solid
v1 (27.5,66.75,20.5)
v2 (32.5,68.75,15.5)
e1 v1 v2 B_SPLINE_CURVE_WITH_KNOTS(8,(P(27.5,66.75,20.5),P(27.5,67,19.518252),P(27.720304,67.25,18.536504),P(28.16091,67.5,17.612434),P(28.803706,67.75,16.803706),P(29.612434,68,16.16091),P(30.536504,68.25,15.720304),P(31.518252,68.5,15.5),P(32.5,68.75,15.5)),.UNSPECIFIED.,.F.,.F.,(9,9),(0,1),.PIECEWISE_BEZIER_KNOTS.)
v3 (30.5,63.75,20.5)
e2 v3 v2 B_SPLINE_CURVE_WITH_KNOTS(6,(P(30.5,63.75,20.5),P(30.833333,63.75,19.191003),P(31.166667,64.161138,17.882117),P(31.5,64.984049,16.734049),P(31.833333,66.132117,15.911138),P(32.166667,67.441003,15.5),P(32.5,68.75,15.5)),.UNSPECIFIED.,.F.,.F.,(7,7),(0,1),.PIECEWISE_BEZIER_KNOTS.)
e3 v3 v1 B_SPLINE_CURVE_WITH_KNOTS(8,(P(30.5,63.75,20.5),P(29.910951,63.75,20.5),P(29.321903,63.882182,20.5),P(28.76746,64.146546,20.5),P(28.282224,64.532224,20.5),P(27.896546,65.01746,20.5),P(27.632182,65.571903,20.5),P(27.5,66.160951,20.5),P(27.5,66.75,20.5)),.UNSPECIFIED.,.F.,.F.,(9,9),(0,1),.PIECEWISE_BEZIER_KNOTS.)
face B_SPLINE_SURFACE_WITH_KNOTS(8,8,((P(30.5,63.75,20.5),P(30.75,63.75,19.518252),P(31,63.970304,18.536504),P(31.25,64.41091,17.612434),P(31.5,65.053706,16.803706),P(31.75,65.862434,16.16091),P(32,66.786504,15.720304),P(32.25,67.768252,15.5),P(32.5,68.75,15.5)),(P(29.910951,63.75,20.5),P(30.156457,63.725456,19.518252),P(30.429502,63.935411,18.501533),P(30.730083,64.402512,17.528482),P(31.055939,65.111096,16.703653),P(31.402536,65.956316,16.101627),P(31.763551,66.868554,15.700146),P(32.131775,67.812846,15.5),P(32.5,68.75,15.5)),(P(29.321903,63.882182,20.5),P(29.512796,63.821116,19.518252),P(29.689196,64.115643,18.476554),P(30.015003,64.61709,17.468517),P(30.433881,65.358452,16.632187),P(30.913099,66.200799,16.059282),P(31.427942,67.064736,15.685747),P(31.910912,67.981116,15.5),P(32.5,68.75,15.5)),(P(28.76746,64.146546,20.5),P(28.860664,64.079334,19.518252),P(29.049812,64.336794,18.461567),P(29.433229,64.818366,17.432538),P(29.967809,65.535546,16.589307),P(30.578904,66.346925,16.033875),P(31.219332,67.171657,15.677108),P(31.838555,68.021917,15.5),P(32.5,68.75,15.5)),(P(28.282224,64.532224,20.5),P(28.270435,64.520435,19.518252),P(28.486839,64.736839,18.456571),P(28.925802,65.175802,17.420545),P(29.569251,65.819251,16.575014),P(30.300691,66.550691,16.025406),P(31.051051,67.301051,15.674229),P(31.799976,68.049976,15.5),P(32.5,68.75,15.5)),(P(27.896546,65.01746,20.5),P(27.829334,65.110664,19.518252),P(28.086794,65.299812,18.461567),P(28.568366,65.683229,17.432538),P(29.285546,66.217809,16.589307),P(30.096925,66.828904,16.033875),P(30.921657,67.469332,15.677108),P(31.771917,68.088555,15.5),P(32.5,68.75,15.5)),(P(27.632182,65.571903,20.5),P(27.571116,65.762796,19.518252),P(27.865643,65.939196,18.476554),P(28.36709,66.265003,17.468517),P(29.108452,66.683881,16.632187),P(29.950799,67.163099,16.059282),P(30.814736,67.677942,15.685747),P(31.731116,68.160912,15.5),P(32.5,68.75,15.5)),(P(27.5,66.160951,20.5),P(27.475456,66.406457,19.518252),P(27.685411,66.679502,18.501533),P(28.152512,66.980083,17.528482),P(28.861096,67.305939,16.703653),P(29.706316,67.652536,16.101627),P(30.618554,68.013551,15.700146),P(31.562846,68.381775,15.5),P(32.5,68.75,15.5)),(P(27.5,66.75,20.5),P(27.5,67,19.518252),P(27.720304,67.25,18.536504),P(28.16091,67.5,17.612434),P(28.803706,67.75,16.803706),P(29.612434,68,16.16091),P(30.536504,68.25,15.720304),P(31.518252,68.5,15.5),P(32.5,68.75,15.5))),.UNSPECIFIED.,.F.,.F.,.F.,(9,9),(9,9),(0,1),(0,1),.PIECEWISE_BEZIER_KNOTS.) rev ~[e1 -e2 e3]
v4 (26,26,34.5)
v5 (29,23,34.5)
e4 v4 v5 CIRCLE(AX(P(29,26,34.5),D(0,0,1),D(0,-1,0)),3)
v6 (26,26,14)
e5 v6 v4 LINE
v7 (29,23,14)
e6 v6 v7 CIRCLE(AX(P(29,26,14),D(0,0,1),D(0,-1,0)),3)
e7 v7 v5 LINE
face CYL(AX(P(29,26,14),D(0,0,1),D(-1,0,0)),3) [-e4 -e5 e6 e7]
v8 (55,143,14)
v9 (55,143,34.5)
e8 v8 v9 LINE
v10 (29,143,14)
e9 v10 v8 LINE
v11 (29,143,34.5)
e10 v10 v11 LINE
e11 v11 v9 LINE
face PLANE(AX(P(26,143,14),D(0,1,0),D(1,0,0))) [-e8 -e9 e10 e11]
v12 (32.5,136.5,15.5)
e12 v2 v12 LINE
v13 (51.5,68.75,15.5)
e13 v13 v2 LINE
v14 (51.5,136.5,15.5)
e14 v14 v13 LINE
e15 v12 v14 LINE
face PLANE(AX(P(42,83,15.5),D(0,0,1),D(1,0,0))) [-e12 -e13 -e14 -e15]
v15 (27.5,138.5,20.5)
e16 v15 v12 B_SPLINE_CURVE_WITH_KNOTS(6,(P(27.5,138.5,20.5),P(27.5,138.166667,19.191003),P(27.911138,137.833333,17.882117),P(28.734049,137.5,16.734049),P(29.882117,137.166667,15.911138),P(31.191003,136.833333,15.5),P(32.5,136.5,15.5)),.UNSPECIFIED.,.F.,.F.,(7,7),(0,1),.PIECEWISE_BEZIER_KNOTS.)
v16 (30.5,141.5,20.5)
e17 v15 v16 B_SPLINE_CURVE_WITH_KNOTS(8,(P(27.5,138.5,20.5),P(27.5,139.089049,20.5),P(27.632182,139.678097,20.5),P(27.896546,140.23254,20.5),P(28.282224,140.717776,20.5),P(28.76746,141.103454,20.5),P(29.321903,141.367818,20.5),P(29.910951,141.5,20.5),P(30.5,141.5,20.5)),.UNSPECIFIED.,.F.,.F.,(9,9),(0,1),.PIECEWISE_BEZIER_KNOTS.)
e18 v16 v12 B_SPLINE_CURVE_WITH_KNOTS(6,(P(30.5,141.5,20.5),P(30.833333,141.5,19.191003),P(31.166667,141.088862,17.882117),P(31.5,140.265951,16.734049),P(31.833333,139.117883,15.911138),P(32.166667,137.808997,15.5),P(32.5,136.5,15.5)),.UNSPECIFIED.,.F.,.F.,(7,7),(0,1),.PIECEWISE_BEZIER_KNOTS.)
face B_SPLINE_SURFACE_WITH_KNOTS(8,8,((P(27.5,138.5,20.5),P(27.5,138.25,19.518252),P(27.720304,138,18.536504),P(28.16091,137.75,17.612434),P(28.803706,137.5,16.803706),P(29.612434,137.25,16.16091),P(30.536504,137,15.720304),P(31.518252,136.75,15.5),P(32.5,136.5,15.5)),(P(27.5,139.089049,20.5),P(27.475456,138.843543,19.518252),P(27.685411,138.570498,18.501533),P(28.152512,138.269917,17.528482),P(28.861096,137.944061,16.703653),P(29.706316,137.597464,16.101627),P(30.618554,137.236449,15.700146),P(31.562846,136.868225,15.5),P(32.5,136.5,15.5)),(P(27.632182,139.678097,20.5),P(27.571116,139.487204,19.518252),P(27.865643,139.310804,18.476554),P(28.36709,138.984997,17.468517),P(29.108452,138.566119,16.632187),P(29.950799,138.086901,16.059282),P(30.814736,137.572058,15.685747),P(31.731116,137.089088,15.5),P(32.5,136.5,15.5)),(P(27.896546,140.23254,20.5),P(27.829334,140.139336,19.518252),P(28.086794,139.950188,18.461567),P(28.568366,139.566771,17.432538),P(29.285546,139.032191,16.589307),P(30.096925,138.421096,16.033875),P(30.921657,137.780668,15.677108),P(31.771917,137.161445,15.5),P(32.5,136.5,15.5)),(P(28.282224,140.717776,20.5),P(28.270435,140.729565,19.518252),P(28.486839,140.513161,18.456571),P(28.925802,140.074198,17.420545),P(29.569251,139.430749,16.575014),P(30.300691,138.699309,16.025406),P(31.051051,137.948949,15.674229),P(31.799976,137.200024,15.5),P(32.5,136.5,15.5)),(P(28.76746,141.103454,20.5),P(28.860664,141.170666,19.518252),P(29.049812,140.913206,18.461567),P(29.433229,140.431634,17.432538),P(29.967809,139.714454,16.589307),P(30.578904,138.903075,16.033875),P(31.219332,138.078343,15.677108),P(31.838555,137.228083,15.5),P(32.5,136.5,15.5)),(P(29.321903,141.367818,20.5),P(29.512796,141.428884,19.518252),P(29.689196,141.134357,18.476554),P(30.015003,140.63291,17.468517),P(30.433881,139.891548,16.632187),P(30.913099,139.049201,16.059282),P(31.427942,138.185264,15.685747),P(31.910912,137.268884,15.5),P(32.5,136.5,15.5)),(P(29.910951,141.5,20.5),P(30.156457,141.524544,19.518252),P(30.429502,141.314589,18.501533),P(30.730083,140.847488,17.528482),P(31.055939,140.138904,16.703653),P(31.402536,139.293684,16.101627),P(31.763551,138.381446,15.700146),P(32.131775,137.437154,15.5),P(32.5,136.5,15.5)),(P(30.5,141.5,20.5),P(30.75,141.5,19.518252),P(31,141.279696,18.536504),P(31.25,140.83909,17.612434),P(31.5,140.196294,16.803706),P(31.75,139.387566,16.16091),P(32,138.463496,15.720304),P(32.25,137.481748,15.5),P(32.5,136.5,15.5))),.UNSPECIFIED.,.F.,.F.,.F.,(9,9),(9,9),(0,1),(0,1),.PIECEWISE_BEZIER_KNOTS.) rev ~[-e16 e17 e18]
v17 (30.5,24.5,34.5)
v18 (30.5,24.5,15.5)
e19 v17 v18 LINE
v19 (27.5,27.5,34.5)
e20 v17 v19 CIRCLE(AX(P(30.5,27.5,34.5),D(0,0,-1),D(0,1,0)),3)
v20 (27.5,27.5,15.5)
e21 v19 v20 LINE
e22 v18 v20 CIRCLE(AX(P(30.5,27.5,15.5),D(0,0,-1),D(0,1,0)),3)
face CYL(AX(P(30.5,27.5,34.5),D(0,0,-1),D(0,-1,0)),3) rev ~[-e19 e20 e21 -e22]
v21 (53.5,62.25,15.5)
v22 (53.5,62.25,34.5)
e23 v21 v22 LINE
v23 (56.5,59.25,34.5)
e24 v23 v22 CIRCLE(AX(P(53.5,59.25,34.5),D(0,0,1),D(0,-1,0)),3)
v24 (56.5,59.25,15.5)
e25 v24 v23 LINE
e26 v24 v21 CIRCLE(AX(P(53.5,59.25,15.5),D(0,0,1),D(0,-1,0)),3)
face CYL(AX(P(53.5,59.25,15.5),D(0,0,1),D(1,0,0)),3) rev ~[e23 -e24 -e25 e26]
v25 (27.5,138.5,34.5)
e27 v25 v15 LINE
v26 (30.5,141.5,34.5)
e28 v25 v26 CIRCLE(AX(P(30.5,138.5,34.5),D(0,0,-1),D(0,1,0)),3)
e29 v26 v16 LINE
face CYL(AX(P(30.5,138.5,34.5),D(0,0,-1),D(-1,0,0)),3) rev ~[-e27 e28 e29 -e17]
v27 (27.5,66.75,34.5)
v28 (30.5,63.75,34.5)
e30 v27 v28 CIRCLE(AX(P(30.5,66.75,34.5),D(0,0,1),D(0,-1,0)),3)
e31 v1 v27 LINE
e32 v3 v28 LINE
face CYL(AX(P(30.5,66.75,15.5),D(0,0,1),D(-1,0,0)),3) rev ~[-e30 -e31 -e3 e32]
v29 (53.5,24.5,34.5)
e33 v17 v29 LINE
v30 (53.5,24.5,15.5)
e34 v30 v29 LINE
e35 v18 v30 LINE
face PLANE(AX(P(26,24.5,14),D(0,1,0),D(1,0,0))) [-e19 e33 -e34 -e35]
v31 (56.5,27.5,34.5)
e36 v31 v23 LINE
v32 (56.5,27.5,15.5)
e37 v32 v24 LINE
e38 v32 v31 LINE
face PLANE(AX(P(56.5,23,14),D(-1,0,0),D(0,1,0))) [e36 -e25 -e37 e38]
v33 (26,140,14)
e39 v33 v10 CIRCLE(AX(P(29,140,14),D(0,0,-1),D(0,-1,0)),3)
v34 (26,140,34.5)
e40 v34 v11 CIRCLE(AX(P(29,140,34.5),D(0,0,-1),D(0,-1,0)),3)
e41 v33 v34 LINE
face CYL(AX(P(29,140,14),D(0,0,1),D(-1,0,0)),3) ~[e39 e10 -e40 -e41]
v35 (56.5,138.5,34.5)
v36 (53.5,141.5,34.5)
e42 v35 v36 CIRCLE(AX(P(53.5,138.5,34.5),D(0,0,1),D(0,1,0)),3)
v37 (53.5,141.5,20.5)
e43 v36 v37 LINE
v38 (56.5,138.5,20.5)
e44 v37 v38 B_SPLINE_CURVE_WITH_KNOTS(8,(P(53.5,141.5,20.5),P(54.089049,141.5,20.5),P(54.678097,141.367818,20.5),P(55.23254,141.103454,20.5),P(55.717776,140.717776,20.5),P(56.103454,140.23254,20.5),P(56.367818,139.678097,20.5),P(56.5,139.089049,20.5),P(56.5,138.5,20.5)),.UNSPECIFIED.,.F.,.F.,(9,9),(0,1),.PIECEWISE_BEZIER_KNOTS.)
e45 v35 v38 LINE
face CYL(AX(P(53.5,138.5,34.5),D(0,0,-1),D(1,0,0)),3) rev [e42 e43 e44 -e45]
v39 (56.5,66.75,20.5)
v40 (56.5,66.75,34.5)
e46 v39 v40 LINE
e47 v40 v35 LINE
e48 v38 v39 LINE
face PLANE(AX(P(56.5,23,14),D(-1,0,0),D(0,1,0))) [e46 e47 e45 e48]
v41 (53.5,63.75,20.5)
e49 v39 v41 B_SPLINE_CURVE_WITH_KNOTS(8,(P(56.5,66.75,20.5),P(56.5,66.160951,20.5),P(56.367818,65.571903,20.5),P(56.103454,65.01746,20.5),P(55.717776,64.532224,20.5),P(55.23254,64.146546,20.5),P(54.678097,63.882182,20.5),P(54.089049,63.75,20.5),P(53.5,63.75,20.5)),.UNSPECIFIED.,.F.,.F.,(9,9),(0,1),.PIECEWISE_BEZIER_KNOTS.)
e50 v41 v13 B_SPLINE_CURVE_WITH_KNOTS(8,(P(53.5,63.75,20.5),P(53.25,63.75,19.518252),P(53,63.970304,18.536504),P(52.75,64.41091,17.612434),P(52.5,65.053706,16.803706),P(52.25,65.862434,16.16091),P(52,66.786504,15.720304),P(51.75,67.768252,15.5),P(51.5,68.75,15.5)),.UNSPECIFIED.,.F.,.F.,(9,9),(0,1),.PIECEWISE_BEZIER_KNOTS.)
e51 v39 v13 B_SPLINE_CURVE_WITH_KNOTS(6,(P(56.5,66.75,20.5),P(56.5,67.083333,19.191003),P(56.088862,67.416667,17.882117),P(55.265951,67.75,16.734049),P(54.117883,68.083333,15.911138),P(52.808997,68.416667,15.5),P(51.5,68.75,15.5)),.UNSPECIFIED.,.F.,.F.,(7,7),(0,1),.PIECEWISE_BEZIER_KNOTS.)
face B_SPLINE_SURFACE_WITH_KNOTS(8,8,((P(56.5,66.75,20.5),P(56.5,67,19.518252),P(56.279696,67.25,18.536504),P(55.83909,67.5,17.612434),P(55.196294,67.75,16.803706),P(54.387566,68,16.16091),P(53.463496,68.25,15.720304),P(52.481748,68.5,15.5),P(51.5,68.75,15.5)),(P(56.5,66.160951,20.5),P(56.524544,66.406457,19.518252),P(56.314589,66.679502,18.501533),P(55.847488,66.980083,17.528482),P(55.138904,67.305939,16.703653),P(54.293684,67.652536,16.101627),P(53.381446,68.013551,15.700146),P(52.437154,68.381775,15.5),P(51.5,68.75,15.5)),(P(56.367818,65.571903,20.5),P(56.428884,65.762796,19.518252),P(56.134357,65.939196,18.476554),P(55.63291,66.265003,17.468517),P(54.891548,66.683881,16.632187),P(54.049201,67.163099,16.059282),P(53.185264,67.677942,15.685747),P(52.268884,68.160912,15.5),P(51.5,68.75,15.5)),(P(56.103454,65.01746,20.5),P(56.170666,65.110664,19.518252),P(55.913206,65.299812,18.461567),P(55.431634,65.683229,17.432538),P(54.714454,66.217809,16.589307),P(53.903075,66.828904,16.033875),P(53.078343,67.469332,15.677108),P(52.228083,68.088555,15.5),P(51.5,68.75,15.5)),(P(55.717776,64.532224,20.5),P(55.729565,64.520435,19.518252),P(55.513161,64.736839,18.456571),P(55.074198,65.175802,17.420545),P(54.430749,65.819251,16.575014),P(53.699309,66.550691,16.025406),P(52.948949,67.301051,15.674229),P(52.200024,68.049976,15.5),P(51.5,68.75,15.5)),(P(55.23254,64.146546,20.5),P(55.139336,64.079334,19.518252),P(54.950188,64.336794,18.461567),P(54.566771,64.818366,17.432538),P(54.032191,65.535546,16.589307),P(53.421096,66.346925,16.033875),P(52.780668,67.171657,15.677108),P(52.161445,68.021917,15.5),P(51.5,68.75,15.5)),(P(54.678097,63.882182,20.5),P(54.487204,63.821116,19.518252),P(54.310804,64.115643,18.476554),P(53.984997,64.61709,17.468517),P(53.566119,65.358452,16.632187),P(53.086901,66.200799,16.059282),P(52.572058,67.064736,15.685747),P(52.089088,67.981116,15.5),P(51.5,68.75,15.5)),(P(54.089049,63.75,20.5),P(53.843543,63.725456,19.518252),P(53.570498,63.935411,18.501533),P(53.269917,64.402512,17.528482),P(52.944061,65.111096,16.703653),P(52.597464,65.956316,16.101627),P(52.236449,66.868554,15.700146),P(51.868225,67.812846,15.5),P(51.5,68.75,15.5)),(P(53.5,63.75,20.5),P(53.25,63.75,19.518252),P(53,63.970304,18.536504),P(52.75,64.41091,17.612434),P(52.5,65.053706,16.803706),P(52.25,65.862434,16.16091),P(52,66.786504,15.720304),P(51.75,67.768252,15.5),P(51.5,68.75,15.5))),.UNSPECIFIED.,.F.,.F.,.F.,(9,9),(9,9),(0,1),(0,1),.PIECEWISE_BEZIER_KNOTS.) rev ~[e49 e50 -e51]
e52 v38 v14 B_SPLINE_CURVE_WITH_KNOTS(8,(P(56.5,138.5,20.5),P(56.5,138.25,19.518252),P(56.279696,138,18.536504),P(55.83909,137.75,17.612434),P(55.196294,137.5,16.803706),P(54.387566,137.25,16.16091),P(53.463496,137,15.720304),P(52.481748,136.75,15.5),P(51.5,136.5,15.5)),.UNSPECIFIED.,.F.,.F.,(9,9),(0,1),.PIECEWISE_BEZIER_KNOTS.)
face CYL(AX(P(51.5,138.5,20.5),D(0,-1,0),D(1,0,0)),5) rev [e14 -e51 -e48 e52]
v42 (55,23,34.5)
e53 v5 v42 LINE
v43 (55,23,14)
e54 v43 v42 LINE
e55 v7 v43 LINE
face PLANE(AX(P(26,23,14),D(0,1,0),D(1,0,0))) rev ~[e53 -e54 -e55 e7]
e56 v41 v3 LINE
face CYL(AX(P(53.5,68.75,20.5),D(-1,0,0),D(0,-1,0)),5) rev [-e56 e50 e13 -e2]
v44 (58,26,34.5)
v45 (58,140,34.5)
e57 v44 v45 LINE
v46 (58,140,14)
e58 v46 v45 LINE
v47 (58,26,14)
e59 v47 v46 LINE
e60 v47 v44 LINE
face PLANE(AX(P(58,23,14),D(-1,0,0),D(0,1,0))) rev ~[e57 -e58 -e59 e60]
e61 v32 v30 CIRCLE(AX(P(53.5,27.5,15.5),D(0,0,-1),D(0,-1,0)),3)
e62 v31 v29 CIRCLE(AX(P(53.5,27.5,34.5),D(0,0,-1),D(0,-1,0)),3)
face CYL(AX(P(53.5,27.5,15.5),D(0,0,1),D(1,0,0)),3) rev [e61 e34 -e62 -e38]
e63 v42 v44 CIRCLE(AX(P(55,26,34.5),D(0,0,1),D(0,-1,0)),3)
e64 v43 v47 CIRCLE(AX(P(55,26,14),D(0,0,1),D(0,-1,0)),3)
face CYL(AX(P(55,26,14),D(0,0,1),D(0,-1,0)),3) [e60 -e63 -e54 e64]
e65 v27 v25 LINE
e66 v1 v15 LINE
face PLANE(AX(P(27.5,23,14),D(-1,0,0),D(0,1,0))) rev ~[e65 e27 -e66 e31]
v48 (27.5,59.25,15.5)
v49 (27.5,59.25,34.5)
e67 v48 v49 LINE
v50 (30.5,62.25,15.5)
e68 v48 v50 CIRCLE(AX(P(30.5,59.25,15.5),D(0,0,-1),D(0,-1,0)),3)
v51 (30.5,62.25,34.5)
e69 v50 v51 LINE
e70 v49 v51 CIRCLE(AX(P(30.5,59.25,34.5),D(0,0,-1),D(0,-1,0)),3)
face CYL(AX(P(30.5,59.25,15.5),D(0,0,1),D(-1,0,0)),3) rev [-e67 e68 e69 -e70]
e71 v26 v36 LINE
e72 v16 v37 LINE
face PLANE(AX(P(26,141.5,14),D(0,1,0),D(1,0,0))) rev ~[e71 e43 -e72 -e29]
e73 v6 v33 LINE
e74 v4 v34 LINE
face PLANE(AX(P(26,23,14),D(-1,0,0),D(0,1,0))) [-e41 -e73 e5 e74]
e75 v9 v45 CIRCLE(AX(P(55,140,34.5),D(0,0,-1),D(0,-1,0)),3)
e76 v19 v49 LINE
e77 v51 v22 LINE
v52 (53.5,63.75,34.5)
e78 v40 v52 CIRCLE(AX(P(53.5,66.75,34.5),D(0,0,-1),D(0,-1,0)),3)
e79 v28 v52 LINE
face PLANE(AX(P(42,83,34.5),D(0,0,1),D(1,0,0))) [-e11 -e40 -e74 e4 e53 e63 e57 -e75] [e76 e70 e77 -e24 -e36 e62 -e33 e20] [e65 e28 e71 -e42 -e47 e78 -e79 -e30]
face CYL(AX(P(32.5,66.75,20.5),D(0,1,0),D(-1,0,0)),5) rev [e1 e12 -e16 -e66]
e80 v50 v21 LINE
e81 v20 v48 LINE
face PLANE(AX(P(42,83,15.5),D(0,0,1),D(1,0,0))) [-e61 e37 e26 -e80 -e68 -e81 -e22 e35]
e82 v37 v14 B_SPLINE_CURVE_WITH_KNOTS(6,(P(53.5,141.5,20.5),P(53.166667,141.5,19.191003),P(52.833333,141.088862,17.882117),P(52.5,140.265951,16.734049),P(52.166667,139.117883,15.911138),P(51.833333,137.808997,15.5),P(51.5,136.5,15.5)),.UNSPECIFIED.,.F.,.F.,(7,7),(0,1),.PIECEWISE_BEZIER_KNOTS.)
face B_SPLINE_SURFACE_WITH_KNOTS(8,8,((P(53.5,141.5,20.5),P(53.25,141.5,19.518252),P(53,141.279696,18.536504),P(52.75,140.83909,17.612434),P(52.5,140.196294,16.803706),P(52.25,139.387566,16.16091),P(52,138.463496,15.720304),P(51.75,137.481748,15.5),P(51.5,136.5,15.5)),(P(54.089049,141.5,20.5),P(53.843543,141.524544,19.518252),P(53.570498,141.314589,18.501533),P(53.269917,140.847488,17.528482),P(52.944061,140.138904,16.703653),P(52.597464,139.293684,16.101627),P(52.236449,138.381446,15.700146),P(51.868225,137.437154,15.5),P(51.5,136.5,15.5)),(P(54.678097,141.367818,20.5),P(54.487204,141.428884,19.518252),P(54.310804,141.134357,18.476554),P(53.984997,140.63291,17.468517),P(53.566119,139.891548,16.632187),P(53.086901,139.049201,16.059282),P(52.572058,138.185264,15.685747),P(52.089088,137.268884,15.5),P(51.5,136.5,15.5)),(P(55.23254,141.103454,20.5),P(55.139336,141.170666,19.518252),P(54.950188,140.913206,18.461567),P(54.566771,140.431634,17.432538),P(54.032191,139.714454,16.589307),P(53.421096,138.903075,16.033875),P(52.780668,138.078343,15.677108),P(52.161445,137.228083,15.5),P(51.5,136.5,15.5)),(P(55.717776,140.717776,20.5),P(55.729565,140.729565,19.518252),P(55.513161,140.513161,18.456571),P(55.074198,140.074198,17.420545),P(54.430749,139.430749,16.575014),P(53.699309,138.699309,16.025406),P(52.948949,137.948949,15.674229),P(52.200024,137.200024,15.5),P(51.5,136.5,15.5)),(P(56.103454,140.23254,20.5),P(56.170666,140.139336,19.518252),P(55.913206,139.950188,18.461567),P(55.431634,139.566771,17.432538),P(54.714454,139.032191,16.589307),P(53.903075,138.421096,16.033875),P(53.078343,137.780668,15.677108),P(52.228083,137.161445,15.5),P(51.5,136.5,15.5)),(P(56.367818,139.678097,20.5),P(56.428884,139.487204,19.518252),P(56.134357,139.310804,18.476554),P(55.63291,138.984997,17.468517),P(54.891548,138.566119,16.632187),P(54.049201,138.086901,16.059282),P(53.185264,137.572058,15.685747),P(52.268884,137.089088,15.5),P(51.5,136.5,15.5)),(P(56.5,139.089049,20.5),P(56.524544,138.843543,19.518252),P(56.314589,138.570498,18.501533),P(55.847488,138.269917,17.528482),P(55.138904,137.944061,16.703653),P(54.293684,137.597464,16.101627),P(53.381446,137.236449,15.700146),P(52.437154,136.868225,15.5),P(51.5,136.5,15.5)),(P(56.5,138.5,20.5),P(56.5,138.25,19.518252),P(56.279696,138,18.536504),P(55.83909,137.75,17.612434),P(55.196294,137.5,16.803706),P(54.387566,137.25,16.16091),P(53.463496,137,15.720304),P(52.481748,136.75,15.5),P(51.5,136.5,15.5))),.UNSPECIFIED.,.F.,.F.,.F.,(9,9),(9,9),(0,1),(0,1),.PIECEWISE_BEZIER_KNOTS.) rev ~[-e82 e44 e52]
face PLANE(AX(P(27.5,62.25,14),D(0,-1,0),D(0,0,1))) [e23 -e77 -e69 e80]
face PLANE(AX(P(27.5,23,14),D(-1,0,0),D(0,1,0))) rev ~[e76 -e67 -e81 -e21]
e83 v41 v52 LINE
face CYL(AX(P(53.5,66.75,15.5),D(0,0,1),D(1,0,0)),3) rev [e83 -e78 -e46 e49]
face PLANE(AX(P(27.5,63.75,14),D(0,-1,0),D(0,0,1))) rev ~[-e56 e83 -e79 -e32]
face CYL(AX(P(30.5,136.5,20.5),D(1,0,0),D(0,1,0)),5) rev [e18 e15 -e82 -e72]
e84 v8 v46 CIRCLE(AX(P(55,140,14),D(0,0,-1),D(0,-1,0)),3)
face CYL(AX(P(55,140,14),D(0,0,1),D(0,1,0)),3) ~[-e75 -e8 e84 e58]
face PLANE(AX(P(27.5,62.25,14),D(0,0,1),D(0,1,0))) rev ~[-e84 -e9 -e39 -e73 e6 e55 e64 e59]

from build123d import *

# Parameters (mm, degrees)
SKETCH012_W    = 32
SKETCH012_H    = 120
PAD005_DEPTH   = 20.5
THICKNESS001_T = -1.5
SKETCH013_W    = 1.5
SKETCH013_H    = 20.5
PAD006_DEPTH   = 29
FILLET007_R    = 3
FILLET008_R    = 5


with BuildPart() as part:
    # Sketch012 → Pad005 (new body)
    with BuildSketch(Plane.XY):
        Rectangle(SKETCH012_W, SKETCH012_H)
    extrude(amount=PAD005_DEPTH)

    # Thickness001
    thickness001_openings = [part.faces().sort_by_distance(p)[0] for p in [
        (0, 0, 20.5),
    ]]
    offset(amount=THICKNESS001_T, openings=thickness001_openings)

    # Sketch013 (on DatumPlane) → Pad006 (join)
    with BuildSketch(Plane(origin=(-14.5, -20, 0), x_dir=(0, 1, 0), z_dir=(1, 0, 0))):
        with Locations((0, 10.25)):
            Rectangle(SKETCH013_W, SKETCH013_H)
    extrude(amount=PAD006_DEPTH)

    # Fillet007
    fillet007_edges = [part.edges().sort_by_distance(p)[0] for p in [
        (-14.5, 58.5, 11),
        (14.5, 58.5, 11),
        (16, 60, 10.25),
        (-16, 60, 10.25),
        (-14.5, -58.5, 11),
        (-16, -60, 10.25),
        (-14.5, -20.75, 11),
        (-14.5, -19.25, 11),
        (14.5, -19.25, 11),
        (14.5, -20.75, 11),
        (14.5, -58.5, 11),
        (16, -60, 10.25),
    ]]
    fillet(fillet007_edges, radius=FILLET007_R)

    # Fillet008
    fillet008_edges = [part.edges().sort_by_distance(p)[0] for p in [
        (0, 58.5, 1.5),
        (-13.62132, 57.62132, 1.5),
        (13.62132, 57.62132, 1.5),
        (-14.5, 19.625, 1.5),
        (14.5, 19.625, 1.5),
        (-13.62132, -18.37132, 1.5),
        (13.62132, -18.37132, 1.5),
        (0, -19.25, 1.5),
    ]]
    fillet(fillet008_edges, radius=FILLET008_R)


with BuildPart() as part_1:
    # Body004 placement: moved
    add(part.part.moved(Location((-22, 83, 14))))


with BuildPart() as part_2:
    # Body006 placement: moved
    add(part_1.part.moved(Location((64, 0, 0))))


solid = part_2.part
